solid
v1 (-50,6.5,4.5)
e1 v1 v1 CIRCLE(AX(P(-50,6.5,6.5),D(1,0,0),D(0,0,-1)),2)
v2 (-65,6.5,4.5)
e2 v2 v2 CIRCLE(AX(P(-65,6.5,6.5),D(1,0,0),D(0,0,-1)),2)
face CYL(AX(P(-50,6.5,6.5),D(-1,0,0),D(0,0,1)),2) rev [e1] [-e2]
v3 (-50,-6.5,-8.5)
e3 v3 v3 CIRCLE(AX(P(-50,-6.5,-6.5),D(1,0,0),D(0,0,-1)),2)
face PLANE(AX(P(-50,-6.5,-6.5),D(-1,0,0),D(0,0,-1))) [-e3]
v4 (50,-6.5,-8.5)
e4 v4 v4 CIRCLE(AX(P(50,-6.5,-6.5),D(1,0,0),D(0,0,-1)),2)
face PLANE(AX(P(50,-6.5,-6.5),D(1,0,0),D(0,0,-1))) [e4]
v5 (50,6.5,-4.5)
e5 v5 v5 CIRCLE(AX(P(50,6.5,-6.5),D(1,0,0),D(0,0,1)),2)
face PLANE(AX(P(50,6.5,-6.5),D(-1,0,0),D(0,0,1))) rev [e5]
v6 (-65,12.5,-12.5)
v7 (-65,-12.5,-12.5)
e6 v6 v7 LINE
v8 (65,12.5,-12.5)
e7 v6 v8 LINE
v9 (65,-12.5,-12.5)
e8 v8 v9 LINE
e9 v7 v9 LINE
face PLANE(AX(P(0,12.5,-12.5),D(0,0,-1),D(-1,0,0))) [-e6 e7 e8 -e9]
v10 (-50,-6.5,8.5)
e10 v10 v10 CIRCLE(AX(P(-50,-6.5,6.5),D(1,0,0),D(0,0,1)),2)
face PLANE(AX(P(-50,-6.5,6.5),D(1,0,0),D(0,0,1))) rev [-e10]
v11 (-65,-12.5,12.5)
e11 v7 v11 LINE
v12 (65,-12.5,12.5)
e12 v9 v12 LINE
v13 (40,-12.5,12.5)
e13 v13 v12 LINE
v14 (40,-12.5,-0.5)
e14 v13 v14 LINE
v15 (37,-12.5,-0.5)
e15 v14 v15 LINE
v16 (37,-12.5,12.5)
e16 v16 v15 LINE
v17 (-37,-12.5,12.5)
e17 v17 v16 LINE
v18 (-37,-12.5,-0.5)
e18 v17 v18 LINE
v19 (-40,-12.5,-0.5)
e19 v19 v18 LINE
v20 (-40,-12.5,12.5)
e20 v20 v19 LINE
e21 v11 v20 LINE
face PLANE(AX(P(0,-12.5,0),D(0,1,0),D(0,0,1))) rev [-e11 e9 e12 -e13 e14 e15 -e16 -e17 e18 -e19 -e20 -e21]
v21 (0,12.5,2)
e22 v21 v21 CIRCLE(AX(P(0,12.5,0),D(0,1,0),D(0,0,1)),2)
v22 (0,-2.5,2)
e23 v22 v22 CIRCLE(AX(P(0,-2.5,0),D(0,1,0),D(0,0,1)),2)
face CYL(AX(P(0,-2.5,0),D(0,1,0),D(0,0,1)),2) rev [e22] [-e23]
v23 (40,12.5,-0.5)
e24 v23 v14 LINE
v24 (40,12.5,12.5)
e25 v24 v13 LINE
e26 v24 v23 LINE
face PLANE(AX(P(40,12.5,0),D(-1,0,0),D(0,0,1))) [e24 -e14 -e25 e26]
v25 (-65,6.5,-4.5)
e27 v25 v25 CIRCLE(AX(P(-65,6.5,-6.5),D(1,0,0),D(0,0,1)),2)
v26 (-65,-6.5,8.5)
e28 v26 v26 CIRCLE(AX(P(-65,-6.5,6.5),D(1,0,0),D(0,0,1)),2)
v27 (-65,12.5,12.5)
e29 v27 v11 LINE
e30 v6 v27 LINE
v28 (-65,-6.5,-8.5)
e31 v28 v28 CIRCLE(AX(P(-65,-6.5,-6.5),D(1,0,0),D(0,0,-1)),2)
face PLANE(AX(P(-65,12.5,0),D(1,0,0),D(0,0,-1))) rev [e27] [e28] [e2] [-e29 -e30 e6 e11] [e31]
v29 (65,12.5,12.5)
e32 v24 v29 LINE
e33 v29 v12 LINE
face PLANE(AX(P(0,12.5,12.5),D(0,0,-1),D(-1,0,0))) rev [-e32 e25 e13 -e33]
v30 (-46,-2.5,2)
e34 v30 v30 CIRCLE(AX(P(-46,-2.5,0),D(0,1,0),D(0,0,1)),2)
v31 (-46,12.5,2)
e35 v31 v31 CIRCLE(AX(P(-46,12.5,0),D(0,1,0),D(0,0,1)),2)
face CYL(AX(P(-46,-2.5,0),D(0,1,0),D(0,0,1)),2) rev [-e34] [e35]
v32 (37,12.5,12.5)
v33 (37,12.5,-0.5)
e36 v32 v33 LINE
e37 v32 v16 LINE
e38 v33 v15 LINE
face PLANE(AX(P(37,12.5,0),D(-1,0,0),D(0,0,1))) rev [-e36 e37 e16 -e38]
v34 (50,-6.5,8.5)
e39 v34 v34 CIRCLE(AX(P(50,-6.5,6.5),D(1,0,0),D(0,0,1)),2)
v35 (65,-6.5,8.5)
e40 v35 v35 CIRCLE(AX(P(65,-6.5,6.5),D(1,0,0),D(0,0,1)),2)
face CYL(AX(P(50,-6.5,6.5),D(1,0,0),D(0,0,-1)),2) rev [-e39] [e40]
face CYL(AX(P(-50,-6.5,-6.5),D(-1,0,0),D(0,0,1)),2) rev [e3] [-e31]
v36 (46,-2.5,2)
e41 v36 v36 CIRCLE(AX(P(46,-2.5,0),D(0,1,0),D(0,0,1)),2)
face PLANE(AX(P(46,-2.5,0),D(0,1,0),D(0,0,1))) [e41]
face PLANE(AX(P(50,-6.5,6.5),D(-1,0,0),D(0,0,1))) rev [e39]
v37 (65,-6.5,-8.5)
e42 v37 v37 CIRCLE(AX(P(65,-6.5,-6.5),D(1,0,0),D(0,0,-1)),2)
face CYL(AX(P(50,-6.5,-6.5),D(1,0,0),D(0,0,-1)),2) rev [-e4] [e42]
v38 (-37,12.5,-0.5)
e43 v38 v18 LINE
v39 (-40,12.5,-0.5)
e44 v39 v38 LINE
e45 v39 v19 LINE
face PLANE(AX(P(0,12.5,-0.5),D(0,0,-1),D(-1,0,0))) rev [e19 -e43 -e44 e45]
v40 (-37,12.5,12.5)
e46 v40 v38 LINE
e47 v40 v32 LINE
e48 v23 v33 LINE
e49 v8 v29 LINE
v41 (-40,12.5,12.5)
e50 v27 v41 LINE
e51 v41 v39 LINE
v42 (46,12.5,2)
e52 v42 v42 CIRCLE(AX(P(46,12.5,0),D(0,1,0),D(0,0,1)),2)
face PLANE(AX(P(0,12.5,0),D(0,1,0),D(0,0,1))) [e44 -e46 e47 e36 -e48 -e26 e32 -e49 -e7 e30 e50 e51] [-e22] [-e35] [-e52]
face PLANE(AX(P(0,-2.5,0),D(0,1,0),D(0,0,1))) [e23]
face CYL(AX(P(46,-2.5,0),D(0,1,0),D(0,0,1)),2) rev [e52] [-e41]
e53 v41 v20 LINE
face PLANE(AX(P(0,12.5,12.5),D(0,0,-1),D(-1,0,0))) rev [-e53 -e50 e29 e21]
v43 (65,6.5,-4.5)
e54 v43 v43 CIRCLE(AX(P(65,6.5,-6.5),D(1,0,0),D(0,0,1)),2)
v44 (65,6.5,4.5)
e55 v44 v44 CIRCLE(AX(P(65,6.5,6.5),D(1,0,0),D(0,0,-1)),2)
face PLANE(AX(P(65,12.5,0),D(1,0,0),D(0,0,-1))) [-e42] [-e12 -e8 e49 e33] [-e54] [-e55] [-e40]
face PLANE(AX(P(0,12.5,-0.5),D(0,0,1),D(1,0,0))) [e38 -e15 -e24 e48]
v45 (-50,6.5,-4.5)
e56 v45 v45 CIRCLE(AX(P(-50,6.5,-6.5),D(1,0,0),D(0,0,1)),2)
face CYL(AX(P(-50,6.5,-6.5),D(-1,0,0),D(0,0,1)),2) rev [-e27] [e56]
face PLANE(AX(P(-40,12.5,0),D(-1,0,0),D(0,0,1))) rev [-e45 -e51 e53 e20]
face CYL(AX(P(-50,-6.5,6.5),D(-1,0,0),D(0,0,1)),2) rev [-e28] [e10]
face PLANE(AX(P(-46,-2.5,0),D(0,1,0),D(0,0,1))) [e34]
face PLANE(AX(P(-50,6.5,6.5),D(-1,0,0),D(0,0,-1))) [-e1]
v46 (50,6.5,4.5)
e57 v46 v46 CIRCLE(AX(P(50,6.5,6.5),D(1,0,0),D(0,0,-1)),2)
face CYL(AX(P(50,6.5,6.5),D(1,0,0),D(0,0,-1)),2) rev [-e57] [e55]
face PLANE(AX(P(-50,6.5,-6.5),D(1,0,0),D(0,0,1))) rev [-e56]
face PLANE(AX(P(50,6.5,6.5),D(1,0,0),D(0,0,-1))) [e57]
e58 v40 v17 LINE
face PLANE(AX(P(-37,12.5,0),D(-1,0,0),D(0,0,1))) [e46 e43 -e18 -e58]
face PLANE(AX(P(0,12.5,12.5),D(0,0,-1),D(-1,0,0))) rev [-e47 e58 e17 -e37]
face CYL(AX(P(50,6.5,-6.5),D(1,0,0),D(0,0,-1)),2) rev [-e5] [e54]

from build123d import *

# Parameters (mm, degrees)
BOSS_EXTRUDE1_DEPTH = 12.5
SKETCH2_R           = 2
CUT_EXTRUDE1_DEPTH  = 15
SKETCH3_R           = 2
CUT_EXTRUDE2_DEPTH  = 15


with BuildPart() as part:
    # Sketch1 → Boss-Extrude1 (new, symmetric)
    with BuildSketch(Plane(origin=(0, 0, 0), x_dir=(1, 0, 0), z_dir=(0, 1, 0))):
        Polygon((-65, 12.5), (65, 12.5), (65, -12.5), (40, -12.5), (40, 0.5), (37, 0.5), (37, -12.5), (-37, -12.5), (-37, 0.5), (-40, 0.5), (-40, -12.5), (-65, -12.5), align=None)
    extrude(amount=BOSS_EXTRUDE1_DEPTH, both=True)

    # Sketch2 → Cut-Extrude1 (cut)
    with BuildSketch(Plane(origin=(65, 0, 0), x_dir=(0, 0, -1), z_dir=(1, 0, 0))):
        with Locations((-6.5, 6.5)):
            Circle(SKETCH2_R)
        with Locations(Location((6.5, 6.5, 0), (0, 0, 180))):
            Circle(SKETCH2_R)
        with Locations((6.5, -6.5)):
            Circle(SKETCH2_R)
        with Locations(Location((-6.5, -6.5, 0), (0, 0, 180))):
            Circle(SKETCH2_R)
    cut_extrude1 = extrude(amount=-CUT_EXTRUDE1_DEPTH, mode=Mode.SUBTRACT)

    # Sketch3 → Cut-Extrude2 (cut)
    with BuildSketch(Plane(origin=(0, 12.5, 0), x_dir=(1, 0, 0), z_dir=(0, 1, 0))):
        with Locations(Location((46, 0, 0), (0, 0, 270))):
            Circle(SKETCH3_R)
        with Locations(Location((0, 0, 0), (0, 0, 270))):
            Circle(SKETCH3_R)
        with Locations(Location((-46, 0, 0), (0, 0, 270))):
            Circle(SKETCH3_R)
    extrude(amount=-CUT_EXTRUDE2_DEPTH, mode=Mode.SUBTRACT)

    # Mirror1: Cut-Extrude1 across plane
    add(cut_extrude1.mirror(Plane(origin=(0, 0, 0), x_dir=(0, 0, 1), z_dir=(1, 0, 0))), mode=Mode.SUBTRACT)


solid = part.part
